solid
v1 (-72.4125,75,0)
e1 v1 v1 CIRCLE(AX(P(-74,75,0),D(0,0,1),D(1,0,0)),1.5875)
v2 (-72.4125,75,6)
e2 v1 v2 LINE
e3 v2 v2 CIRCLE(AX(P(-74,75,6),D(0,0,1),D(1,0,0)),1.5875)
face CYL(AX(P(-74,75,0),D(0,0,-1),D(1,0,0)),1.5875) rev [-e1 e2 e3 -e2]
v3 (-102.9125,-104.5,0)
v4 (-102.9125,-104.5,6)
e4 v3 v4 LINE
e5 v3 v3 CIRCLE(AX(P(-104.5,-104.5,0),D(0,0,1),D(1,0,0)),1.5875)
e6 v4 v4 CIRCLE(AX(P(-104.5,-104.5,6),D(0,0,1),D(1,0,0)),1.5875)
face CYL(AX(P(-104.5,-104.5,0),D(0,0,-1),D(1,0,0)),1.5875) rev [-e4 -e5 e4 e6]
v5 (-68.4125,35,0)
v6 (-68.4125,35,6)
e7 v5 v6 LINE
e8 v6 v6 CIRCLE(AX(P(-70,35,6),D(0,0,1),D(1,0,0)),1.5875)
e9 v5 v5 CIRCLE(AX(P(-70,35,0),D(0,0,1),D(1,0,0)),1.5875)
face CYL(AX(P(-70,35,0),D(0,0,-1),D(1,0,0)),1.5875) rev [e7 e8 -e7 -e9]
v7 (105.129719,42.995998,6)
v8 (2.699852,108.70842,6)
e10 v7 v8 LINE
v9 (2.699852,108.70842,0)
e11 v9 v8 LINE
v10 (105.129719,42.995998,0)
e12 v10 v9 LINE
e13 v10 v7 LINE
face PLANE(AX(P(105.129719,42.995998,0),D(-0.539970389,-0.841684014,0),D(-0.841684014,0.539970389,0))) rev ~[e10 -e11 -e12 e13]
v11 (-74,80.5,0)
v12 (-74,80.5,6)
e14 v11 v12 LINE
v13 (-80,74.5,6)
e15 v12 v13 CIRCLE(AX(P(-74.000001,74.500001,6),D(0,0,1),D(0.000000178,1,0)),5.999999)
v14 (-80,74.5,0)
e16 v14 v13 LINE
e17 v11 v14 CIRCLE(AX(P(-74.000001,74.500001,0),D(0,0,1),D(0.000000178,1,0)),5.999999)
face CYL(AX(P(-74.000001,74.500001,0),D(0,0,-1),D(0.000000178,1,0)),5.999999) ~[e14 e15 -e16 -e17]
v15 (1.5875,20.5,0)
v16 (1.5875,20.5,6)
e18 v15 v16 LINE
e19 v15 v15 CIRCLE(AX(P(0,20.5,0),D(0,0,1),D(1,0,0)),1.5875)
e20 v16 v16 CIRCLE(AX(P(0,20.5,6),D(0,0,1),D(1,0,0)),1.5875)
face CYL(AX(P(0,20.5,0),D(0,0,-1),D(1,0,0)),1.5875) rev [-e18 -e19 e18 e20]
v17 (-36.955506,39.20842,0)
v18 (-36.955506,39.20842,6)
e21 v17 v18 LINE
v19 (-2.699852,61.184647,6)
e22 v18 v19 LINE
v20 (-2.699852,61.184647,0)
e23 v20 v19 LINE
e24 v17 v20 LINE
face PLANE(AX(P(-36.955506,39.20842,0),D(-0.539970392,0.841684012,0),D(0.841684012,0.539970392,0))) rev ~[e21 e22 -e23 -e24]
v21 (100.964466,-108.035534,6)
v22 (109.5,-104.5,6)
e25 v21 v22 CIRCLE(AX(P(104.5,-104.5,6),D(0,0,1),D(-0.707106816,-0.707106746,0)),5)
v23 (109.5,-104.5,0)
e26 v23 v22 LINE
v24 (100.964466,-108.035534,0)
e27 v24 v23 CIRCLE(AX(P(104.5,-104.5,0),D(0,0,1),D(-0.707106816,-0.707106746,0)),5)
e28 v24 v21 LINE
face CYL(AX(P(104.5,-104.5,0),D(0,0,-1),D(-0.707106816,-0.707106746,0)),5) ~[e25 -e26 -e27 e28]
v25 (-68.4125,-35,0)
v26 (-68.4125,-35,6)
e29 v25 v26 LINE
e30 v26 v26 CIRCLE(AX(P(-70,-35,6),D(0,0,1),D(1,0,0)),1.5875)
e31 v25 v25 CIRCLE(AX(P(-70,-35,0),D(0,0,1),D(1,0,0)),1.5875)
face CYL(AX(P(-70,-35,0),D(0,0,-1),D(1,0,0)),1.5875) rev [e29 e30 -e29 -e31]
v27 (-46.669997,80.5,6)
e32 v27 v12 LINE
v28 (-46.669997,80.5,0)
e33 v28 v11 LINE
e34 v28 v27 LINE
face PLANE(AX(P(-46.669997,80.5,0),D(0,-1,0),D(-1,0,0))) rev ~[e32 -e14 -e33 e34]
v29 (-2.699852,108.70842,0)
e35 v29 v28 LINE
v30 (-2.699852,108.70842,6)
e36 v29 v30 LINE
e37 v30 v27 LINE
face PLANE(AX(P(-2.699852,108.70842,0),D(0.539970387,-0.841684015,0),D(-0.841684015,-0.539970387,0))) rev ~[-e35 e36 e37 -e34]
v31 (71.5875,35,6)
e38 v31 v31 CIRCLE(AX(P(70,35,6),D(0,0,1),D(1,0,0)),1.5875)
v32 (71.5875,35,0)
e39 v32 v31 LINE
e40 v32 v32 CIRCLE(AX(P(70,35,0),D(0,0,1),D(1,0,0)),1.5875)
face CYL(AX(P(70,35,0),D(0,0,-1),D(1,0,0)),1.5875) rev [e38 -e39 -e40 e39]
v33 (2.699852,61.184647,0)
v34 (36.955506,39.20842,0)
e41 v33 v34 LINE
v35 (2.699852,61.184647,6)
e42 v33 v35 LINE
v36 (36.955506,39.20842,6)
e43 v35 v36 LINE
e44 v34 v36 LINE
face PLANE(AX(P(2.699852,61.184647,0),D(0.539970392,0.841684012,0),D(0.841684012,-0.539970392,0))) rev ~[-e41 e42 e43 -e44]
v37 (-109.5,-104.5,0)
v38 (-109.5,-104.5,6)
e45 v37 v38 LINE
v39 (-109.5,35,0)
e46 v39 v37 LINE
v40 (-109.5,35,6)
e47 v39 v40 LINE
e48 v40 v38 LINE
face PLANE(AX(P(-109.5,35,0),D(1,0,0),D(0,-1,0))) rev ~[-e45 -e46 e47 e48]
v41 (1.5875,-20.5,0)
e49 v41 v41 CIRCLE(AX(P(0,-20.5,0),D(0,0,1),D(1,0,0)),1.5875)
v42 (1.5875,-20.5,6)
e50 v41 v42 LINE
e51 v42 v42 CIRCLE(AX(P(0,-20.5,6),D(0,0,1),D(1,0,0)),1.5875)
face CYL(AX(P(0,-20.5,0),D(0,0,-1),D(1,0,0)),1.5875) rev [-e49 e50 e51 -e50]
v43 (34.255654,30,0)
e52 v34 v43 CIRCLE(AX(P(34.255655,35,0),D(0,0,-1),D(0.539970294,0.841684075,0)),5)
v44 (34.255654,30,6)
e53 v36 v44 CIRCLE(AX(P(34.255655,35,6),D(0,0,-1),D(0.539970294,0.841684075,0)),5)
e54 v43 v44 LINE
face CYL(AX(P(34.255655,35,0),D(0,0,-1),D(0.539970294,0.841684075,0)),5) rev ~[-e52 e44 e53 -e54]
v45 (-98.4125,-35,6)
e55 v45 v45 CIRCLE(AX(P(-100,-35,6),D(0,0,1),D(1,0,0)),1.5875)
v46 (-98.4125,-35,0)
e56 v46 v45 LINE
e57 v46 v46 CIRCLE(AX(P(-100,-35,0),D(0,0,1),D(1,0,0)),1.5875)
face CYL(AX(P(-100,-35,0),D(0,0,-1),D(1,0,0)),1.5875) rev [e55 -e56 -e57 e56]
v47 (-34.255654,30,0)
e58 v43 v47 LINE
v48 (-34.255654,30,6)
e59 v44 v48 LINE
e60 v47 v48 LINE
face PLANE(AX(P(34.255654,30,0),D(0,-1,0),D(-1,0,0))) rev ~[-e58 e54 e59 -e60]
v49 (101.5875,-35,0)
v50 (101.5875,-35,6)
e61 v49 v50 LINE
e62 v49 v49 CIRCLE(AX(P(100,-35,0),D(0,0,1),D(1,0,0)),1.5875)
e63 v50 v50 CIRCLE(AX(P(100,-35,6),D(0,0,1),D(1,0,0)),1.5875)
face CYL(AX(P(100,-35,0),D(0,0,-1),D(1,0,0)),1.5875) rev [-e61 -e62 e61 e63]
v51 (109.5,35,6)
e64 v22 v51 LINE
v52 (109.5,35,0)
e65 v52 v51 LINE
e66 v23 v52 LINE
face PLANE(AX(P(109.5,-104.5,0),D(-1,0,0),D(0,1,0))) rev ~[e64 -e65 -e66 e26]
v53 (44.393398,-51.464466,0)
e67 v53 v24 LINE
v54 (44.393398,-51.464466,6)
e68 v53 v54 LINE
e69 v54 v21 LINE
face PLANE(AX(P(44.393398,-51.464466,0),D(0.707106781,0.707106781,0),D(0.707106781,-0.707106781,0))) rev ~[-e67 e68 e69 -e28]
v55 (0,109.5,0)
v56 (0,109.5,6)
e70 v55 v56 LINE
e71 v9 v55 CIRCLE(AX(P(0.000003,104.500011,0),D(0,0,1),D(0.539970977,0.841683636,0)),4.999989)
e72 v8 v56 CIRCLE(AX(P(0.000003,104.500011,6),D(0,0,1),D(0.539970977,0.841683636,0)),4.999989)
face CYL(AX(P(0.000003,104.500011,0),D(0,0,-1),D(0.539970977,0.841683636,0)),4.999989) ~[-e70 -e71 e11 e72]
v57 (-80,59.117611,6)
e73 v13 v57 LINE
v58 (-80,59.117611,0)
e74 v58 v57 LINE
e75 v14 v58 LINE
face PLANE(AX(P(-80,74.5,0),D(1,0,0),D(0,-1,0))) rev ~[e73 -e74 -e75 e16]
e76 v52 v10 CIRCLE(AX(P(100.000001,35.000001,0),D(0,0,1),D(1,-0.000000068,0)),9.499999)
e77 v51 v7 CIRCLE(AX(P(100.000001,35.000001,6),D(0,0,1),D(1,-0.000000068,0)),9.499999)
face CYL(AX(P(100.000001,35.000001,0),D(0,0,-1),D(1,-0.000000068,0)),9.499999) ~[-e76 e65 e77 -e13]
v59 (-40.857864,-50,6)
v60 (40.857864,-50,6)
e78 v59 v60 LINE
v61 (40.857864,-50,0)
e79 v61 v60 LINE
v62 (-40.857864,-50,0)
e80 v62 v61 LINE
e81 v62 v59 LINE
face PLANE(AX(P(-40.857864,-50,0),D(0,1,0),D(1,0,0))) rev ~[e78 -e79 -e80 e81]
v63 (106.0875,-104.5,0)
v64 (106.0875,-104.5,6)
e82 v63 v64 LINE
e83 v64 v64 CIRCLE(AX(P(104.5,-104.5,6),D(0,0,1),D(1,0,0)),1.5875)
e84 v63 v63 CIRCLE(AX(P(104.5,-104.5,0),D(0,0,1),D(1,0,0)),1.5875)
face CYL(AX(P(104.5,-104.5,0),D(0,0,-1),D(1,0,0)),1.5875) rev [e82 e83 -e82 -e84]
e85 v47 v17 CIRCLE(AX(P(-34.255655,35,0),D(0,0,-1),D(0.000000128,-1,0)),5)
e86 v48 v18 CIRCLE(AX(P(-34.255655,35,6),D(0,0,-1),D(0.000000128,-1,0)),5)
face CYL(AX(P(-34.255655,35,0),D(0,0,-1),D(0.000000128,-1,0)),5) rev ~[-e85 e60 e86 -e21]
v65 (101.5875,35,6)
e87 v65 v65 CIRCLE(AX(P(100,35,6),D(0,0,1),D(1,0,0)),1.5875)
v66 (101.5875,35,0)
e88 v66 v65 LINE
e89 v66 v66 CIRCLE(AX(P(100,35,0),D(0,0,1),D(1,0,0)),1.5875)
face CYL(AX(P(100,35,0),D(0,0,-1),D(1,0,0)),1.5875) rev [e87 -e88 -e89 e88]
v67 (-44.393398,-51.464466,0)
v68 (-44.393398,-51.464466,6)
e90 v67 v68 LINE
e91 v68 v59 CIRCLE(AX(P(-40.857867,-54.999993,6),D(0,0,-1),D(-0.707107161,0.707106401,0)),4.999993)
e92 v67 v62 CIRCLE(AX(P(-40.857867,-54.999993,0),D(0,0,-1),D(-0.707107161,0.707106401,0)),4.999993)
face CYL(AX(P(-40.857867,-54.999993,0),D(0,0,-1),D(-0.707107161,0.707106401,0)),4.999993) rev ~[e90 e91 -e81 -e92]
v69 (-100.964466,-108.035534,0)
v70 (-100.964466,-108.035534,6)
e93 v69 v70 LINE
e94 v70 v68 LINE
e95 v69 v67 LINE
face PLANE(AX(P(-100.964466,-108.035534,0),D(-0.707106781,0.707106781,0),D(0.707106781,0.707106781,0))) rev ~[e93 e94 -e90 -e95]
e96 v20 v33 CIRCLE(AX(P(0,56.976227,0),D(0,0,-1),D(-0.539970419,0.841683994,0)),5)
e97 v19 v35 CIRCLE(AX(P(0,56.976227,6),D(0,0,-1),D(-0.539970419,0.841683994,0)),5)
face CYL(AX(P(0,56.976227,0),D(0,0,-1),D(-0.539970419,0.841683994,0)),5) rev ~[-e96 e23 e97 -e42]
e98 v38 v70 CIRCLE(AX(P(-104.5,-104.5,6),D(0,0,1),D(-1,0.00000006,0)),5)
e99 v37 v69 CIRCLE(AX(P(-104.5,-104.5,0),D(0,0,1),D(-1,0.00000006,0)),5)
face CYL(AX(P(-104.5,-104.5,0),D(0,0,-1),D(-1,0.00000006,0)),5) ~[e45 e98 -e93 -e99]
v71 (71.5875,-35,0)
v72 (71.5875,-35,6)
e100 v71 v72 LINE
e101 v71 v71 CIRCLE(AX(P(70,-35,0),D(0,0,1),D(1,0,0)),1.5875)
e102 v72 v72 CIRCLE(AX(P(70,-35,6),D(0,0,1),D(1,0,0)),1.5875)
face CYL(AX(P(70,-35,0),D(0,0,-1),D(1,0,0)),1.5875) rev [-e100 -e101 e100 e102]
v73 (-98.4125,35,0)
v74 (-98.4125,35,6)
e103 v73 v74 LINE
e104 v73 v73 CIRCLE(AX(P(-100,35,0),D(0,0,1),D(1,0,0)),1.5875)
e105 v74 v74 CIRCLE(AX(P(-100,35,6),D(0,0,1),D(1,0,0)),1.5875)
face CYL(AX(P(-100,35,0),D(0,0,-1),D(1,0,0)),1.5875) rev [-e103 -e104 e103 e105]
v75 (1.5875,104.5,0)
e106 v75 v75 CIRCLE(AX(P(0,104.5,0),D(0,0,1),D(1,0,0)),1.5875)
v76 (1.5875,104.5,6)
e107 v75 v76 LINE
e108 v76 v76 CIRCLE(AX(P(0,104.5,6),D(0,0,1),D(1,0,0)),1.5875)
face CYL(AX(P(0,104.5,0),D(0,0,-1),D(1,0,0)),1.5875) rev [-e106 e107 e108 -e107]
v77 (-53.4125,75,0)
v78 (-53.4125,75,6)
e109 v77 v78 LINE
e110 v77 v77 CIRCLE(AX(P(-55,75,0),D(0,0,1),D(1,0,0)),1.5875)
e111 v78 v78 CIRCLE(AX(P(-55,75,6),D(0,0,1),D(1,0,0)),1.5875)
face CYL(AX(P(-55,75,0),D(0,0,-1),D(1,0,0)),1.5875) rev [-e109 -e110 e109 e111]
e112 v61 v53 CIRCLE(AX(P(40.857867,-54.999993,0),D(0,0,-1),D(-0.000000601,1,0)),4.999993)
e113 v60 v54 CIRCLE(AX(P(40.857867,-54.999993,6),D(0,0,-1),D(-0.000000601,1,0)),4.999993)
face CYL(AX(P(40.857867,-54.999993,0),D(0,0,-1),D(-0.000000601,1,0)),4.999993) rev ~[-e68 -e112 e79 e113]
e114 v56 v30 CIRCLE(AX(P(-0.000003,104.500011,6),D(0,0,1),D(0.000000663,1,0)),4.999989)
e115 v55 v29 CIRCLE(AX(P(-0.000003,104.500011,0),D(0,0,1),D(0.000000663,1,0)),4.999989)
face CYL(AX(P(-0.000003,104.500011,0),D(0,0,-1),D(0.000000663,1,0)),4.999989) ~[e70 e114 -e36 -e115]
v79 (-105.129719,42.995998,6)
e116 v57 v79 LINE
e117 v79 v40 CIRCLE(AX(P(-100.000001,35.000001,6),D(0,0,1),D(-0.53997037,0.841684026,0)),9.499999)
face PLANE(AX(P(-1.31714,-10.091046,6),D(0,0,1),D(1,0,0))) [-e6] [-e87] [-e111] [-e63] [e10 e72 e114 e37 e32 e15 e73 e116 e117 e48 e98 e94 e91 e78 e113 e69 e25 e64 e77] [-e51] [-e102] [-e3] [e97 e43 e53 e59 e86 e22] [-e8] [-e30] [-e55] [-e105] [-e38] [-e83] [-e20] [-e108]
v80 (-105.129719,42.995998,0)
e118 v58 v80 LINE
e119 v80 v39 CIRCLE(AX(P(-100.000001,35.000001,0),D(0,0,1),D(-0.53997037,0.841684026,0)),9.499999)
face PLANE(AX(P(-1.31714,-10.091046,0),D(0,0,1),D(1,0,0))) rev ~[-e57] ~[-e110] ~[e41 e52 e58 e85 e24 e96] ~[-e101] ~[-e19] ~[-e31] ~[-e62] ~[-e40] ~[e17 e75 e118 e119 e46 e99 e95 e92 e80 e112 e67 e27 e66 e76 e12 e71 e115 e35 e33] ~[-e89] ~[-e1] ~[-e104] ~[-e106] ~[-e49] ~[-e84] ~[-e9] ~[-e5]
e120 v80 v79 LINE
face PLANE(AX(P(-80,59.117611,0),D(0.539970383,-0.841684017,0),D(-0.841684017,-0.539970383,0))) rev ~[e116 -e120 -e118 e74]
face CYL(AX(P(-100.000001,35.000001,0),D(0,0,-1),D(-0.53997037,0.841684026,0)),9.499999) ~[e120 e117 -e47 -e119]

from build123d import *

# Parameters (mm, degrees)
F0_R     = 1.5875
F1_DEPTH = 6


with BuildPart() as f1:
    # F0 (on Top) → F1 (new body)
    with BuildSketch(Plane.XY):
        with BuildLine():
            Line((-109.5, 35), (-109.5, -104.5))
            ThreePointArc((-109.5, -104.5), (-106.413417, -109.119398), (-100.964466, -108.035534))
            Line((-100.964466, -108.035534), (-44.393398, -51.464466))
            ThreePointArc((-44.393398, -51.464466), (-42.771282, -50.380602), (-40.857864, -50))
            Line((-40.857864, -50), (0, -50))
            Line((0, -50), (40.857864, -50))
            ThreePointArc((40.857864, -50), (42.771282, -50.380602), (44.393398, -51.464466))
            Line((44.393398, -51.464466), (100.964466, -108.035534))
            ThreePointArc((100.964466, -108.035534), (106.413417, -109.119398), (109.5, -104.5))
            Line((109.5, -104.5), (109.5, 35))
            ThreePointArc((109.5, 35), (108.336136, 39.556187), (105.129719, 42.995998))
            Line((105.129719, 42.995998), (2.699852, 108.70842))
            ThreePointArc((2.699852, 108.70842), (1.406752, 109.298026), (0, 109.5))
            ThreePointArc((0, 109.5), (-1.406752, 109.298026), (-2.699852, 108.70842))
            Line((-2.699852, 108.70842), (-46.669997, 80.5))
            Line((-46.669997, 80.5), (-74, 80.5))
            ThreePointArc((-74, 80.5), (-78.242641, 78.742641), (-80, 74.5))
            Line((-80, 74.5), (-80, 59.117611))
            Line((-80, 59.117611), (-105.129719, 42.995998))
            ThreePointArc((-105.129719, 42.995998), (-108.336136, 39.556187), (-109.5, 35))
        make_face()
        with Locations((-104.5, -104.5)):
            Circle(F0_R, mode=Mode.SUBTRACT)
        with Locations((-100, -35)):
            Circle(F0_R, mode=Mode.SUBTRACT)
        with Locations((-70, -35)):
            Circle(F0_R, mode=Mode.SUBTRACT)
        with Locations((104.5, -104.5)):
            Circle(F0_R, mode=Mode.SUBTRACT)
        with Locations((0, -20.5)):
            Circle(F0_R, mode=Mode.SUBTRACT)
        with Locations((70, -35)):
            Circle(F0_R, mode=Mode.SUBTRACT)
        with Locations((100, -35)):
            Circle(F0_R, mode=Mode.SUBTRACT)
        with Locations((-100, 35)):
            Circle(F0_R, mode=Mode.SUBTRACT)
        with Locations((-70, 35)):
            Circle(F0_R, mode=Mode.SUBTRACT)
        with Locations((-74, 75)):
            Circle(F0_R, mode=Mode.SUBTRACT)
        with Locations((-55, 75)):
            Circle(F0_R, mode=Mode.SUBTRACT)
        with Locations((0, 20.5)):
            Circle(F0_R, mode=Mode.SUBTRACT)
        with BuildLine():
            Line((34.255654, 30), (0, 30))
            Line((0, 30), (-34.255654, 30))
            ThreePointArc((-34.255654, 30), (-39.05368, 33.593248), (-36.955506, 39.20842))
            Line((-36.955506, 39.20842), (-2.699852, 61.184647))
            ThreePointArc((-2.699852, 61.184647), (0, 61.976227), (2.699852, 61.184647))
            Line((2.699852, 61.184647), (36.955506, 39.20842))
            ThreePointArc((36.955506, 39.20842), (39.05368, 33.593248), (34.255654, 30))
        make_face(mode=Mode.SUBTRACT)
        with Locations((70, 35)):
            Circle(F0_R, mode=Mode.SUBTRACT)
        with Locations((100, 35)):
            Circle(F0_R, mode=Mode.SUBTRACT)
        with Locations((0, 104.5)):
            Circle(F0_R, mode=Mode.SUBTRACT)
    extrude(amount=F1_DEPTH)


solid = f1.part
